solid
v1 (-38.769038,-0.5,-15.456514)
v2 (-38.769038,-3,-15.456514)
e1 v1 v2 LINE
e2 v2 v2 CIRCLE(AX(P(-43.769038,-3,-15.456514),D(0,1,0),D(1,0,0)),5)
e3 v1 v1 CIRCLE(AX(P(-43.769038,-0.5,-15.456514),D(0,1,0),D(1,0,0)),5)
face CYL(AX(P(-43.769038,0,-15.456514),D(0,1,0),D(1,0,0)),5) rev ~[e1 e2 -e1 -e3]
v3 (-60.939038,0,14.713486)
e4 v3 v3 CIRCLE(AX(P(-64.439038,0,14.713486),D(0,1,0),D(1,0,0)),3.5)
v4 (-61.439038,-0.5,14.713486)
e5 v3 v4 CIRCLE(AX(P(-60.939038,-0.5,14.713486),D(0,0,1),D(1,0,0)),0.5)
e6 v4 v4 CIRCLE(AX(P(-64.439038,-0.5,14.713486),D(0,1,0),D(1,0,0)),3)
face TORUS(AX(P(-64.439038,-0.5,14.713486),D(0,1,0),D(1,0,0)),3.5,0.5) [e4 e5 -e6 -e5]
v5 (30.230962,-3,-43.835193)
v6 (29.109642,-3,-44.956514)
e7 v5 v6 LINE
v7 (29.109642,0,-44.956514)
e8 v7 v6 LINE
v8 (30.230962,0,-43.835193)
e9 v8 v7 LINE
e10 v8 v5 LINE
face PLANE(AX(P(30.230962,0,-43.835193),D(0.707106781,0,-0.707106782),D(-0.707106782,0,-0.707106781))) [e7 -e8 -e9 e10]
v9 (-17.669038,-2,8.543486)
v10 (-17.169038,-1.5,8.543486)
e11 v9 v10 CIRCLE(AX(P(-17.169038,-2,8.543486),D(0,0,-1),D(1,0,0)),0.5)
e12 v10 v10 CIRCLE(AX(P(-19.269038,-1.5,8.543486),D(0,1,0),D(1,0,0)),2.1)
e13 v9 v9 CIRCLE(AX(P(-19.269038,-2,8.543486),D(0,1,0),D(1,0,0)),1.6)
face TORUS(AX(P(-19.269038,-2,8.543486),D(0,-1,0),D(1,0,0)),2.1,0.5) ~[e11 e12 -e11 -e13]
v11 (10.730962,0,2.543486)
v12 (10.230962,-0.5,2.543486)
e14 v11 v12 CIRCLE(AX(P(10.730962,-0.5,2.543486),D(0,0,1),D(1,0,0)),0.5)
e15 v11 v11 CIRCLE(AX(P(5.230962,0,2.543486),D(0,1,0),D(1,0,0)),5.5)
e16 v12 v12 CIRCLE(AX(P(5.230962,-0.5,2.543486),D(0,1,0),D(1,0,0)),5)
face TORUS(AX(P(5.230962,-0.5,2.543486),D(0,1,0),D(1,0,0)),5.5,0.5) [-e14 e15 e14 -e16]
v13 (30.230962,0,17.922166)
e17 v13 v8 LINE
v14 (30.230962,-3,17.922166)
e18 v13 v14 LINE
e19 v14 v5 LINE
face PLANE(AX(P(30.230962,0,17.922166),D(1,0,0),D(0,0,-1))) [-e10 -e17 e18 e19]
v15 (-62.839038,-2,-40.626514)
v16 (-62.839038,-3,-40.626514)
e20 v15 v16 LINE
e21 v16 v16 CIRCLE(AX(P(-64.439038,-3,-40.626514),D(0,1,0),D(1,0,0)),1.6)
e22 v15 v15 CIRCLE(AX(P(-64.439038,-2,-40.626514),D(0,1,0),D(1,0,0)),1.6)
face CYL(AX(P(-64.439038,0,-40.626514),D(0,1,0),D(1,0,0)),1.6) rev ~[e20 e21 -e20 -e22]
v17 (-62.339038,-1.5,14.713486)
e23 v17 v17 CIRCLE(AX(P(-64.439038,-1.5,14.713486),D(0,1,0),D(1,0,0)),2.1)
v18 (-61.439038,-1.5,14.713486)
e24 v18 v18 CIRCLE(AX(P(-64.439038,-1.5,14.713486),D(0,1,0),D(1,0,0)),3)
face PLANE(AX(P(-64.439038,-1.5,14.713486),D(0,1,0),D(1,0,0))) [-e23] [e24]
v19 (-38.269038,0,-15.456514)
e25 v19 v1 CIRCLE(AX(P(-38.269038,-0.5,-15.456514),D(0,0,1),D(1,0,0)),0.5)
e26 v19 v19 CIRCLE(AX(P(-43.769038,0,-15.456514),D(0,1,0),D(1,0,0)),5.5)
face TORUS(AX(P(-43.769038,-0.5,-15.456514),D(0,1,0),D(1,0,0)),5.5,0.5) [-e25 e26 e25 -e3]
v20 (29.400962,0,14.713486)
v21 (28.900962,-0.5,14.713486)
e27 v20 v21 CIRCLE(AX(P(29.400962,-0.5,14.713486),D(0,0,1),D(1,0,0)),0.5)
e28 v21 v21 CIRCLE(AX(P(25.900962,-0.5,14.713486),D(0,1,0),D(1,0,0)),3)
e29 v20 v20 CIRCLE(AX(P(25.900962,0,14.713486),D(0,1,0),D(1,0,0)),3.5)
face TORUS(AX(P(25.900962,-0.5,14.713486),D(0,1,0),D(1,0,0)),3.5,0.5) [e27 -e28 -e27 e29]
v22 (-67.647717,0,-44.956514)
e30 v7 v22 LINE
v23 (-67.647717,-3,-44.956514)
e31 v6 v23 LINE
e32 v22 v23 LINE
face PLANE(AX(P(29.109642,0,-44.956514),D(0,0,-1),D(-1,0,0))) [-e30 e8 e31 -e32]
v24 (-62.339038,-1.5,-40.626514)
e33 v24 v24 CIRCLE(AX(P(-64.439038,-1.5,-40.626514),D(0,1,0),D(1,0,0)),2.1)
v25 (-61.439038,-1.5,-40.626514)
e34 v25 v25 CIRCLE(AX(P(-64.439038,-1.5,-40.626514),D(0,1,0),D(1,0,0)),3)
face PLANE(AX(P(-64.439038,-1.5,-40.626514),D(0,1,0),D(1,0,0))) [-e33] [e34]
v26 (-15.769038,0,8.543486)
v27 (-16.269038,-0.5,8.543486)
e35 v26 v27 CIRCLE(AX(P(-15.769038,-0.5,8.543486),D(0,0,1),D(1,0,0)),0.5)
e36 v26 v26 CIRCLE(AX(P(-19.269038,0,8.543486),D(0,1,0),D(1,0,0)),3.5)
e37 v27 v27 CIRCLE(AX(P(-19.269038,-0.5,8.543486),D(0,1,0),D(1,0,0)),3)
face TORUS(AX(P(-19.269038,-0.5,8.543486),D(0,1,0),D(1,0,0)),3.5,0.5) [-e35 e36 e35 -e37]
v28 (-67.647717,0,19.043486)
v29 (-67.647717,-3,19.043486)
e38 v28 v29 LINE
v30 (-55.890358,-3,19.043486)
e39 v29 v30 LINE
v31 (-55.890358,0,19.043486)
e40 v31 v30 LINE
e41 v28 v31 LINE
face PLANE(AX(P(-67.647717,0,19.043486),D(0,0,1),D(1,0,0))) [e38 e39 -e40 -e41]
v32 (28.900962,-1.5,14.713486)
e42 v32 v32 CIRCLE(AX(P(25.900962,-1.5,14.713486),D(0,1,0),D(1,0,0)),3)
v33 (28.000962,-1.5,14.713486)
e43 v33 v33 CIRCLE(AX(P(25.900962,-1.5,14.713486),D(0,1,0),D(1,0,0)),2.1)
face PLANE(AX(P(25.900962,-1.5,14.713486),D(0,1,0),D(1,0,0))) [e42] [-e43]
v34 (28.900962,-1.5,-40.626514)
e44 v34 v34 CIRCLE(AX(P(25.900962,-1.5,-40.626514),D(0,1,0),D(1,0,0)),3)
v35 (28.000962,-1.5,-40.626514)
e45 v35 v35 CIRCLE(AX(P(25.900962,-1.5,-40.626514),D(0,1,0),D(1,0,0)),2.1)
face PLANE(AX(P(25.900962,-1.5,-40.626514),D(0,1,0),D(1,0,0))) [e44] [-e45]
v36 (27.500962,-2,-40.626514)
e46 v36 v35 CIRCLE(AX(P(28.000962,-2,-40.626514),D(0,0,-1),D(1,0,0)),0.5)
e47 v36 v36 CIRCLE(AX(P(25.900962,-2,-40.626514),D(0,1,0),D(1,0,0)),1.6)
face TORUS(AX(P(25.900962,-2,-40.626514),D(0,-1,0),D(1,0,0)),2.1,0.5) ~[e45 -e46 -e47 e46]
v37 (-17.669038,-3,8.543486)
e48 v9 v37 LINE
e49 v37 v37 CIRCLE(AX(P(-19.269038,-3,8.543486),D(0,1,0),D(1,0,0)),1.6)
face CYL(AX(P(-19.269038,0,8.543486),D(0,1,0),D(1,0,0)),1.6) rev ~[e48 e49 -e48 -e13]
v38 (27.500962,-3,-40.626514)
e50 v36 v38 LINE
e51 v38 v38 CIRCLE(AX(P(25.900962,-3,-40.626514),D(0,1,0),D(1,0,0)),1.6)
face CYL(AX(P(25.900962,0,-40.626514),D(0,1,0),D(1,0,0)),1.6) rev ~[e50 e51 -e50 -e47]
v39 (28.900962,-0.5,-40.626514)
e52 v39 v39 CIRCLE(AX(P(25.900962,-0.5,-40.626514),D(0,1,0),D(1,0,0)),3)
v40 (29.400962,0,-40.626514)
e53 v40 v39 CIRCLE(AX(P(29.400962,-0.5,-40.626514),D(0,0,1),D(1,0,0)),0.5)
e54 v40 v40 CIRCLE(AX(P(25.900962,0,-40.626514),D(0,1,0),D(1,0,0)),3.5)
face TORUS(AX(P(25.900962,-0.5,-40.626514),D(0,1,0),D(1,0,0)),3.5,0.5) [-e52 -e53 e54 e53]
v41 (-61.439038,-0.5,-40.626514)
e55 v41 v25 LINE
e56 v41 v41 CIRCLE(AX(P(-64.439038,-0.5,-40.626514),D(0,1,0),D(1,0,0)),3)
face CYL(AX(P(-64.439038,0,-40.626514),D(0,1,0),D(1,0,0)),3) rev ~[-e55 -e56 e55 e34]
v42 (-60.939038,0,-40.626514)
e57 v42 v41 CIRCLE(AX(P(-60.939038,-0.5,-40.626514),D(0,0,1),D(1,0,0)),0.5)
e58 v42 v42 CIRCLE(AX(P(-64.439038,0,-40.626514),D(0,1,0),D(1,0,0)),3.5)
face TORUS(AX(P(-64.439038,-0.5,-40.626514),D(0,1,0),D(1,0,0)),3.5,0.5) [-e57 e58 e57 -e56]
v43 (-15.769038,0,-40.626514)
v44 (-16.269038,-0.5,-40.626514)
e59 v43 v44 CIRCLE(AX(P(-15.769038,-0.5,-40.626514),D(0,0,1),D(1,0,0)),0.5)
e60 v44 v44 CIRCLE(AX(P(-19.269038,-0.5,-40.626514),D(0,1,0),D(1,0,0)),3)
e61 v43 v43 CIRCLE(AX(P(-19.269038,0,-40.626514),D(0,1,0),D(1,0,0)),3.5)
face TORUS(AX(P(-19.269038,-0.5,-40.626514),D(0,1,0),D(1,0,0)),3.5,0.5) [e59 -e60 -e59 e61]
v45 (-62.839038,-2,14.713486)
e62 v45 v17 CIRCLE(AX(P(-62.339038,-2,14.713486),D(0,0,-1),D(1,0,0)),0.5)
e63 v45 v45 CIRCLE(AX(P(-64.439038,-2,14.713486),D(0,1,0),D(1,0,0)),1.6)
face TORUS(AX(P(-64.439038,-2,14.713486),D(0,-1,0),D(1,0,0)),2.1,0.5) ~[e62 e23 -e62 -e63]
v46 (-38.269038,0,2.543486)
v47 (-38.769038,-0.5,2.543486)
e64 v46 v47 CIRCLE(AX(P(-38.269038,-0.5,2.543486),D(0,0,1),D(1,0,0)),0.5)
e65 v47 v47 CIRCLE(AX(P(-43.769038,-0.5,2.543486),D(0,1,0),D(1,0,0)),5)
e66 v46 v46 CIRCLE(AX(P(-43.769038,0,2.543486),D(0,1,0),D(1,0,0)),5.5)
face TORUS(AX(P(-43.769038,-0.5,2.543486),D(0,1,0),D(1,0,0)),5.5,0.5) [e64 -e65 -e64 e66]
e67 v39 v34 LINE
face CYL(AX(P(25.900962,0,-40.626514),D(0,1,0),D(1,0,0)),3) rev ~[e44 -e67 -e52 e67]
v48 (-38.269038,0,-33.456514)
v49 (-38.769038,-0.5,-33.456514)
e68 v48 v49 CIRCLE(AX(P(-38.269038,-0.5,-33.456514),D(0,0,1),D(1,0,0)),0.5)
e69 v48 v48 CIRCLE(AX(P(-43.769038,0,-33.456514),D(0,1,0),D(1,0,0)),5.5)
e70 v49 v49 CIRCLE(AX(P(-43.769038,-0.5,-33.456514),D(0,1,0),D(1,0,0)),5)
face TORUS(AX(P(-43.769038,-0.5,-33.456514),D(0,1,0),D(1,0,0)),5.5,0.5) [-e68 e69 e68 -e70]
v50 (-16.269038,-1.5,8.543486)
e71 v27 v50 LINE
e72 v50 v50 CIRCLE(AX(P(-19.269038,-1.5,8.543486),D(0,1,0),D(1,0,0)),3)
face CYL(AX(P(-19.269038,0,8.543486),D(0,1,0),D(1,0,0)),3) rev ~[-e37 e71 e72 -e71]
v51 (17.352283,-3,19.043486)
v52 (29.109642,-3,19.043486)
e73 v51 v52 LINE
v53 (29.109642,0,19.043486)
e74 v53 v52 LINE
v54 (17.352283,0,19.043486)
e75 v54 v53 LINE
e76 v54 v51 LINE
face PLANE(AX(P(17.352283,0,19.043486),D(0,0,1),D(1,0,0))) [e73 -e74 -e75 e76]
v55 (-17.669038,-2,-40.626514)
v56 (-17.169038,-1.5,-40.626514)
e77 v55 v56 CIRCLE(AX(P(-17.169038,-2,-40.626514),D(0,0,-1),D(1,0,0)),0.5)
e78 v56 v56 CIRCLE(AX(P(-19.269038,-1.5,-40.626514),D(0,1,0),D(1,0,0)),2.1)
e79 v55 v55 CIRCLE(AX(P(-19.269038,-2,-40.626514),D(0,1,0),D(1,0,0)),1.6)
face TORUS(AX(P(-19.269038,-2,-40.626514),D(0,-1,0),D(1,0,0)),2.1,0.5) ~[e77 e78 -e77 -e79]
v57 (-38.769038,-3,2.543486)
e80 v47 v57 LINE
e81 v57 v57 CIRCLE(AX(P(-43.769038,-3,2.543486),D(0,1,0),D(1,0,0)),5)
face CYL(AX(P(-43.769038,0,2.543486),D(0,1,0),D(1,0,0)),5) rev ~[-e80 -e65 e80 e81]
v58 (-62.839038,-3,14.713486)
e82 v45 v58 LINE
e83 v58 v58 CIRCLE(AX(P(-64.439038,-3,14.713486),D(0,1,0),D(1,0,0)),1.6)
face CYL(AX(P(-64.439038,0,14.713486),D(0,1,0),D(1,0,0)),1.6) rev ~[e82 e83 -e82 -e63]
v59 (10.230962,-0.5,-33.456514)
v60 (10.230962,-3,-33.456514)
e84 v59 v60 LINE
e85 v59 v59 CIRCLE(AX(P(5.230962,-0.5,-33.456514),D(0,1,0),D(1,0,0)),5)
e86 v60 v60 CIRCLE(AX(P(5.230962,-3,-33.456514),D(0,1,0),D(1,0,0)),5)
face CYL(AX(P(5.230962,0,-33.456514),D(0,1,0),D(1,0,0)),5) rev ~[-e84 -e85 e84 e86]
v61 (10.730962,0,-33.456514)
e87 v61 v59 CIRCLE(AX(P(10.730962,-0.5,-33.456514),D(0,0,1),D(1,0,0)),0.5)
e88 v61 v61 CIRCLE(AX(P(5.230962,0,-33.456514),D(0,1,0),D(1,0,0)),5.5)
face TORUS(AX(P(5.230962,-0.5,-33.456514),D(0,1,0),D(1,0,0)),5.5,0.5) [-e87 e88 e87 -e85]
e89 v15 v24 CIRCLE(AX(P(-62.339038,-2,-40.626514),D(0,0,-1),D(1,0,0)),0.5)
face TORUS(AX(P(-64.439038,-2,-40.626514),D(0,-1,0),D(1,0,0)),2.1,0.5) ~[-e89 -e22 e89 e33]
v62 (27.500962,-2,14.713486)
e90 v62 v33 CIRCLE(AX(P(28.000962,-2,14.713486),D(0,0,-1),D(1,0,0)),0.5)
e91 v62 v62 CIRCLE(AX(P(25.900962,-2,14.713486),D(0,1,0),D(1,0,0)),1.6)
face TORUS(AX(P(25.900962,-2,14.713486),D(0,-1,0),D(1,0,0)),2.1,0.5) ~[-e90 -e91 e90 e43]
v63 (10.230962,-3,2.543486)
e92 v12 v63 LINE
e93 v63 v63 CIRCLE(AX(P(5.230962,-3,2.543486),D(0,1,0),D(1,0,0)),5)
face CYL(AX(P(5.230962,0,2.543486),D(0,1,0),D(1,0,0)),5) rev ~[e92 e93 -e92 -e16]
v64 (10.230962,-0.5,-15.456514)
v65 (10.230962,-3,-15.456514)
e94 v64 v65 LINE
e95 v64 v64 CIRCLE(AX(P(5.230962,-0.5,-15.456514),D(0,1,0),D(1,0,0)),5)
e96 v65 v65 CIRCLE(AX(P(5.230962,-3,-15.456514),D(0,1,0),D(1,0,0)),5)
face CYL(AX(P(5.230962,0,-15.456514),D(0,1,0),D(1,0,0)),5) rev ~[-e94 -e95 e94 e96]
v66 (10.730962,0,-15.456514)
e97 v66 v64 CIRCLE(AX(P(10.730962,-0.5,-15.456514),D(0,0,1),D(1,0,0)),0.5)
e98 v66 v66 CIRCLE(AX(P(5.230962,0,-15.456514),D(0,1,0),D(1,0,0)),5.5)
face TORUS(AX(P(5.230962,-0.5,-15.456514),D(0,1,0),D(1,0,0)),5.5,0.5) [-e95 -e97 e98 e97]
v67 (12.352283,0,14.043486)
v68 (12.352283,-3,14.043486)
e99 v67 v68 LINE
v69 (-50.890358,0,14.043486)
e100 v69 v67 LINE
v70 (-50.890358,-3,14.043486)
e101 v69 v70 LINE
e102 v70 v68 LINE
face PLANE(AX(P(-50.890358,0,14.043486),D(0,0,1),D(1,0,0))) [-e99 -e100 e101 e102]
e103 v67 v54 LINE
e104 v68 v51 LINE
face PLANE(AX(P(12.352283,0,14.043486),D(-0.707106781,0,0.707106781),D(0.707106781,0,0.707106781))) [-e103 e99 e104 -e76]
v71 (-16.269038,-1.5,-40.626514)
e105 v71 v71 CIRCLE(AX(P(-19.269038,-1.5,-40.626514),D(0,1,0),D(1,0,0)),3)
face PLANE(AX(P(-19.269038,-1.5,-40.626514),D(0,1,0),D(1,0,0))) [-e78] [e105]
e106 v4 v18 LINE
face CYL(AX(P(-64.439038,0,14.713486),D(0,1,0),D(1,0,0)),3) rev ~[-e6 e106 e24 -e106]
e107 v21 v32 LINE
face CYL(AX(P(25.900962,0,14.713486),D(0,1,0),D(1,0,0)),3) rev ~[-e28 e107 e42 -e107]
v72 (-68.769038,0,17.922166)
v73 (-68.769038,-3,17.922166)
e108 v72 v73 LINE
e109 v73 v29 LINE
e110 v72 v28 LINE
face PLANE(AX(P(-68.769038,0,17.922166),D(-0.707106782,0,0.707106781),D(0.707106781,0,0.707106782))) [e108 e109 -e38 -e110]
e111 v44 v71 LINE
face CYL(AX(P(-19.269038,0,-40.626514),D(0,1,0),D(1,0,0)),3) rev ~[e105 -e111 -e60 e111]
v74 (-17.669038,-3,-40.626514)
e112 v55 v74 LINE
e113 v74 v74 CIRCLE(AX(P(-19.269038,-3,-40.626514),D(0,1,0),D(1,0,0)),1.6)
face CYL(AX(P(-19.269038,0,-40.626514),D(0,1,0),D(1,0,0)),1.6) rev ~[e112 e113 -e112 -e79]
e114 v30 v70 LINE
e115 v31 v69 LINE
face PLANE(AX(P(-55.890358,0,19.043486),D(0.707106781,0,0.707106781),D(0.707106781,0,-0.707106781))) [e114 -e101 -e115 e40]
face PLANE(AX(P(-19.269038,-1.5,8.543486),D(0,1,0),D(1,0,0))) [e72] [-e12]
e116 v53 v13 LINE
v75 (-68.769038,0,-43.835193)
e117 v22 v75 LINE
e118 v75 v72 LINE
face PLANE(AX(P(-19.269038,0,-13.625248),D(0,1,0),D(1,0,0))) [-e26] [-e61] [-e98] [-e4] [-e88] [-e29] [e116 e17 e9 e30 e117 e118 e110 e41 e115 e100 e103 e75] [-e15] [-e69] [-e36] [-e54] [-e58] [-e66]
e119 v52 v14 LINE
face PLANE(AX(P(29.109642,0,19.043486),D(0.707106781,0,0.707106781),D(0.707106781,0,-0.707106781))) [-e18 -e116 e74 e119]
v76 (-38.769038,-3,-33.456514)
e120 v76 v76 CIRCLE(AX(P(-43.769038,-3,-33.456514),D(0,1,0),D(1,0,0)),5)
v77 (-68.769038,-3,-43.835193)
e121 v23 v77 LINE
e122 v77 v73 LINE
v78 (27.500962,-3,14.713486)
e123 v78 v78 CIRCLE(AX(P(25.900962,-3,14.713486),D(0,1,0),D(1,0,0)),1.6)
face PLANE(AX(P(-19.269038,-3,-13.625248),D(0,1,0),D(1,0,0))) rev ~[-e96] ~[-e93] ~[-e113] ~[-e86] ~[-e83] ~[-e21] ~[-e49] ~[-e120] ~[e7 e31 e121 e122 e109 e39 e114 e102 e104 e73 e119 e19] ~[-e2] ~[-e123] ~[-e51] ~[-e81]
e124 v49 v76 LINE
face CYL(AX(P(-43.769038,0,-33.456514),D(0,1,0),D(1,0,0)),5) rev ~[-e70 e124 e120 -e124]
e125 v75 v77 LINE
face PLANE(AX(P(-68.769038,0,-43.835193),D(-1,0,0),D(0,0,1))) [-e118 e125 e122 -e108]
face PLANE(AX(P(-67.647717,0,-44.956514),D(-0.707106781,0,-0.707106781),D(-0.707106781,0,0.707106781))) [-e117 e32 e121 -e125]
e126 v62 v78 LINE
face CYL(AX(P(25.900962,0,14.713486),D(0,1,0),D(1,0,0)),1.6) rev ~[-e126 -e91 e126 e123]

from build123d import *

# Parameters (mm, degrees)
SKETCH3_R           = 1.6
SKETCH3_R_2         = 5
BOSS_EXTRUDE1_DEPTH = 3
SKETCH4_R           = 3
CUT_EXTRUDE1_DEPTH  = 1.5
FILLET1_R           = 0.5


with BuildPart() as part:
    # Sketch3 → Boss-Extrude1 (new body)
    with BuildSketch(Plane(origin=(0, 0, 0), x_dir=(1, 0, 0), z_dir=(0, 1, 0))):
        Polygon((17.352282825, -19.043486229), (29.109642138, -19.043486229), (30.230962482, -17.922165885), (30.230962482, 43.835193428), (29.109642138, 44.956513771), (-67.647717175, 44.956513771), (-68.769037518, 43.835193428), (-68.769037518, -17.922165885), (-67.647717175, -19.043486229), (-55.890357862, -19.043486229), (-50.890357862, -14.043486229), (12.352282825, -14.043486229), align=None)
        with Locations((-64.439037518, 40.626513771)):
            Circle(SKETCH3_R, mode=Mode.SUBTRACT)
        with Locations((-64.439037518, -14.713486229)):
            Circle(SKETCH3_R, mode=Mode.SUBTRACT)
        with Locations((25.900962482, 40.626513771)):
            Circle(SKETCH3_R, mode=Mode.SUBTRACT)
        with Locations((25.900962482, -14.713486229)):
            Circle(SKETCH3_R, mode=Mode.SUBTRACT)
        with Locations((-43.769037518, 33.456513771)):
            Circle(SKETCH3_R_2, mode=Mode.SUBTRACT)
        with Locations((-43.769037518, 15.456513771)):
            Circle(SKETCH3_R_2, mode=Mode.SUBTRACT)
        with Locations((-43.769037518, -2.543486229)):
            Circle(SKETCH3_R_2, mode=Mode.SUBTRACT)
        with Locations((5.230962482, -2.543486229)):
            Circle(SKETCH3_R_2, mode=Mode.SUBTRACT)
        with Locations((5.230962482, 15.456513771)):
            Circle(SKETCH3_R_2, mode=Mode.SUBTRACT)
        with Locations((5.230962482, 33.456513771)):
            Circle(SKETCH3_R_2, mode=Mode.SUBTRACT)
        with Locations((-19.269037518, 40.626513771)):
            Circle(SKETCH3_R, mode=Mode.SUBTRACT)
        with Locations((-19.269037518, -8.543486229)):
            Circle(SKETCH3_R, mode=Mode.SUBTRACT)
    extrude(amount=-BOSS_EXTRUDE1_DEPTH)

    # Sketch4 → Cut-Extrude1 (cut)
    with BuildSketch(Plane(origin=(0, 0, 0), x_dir=(1, 0, 0), z_dir=(0, 1, 0))):
        with Locations((-64.439037518, 40.626513771)):
            Circle(SKETCH4_R)
        with Locations((-64.439037518, -14.713486229)):
            Circle(SKETCH4_R)
        with Locations((25.900962482, 40.626513771)):
            Circle(SKETCH4_R)
        with Locations((25.900962482, -14.713486229)):
            Circle(SKETCH4_R)
        with Locations((-19.269037518, 40.626513771)):
            Circle(SKETCH4_R)
        with Locations((-19.269037518, -8.543486229)):
            Circle(SKETCH4_R)
    extrude(amount=-CUT_EXTRUDE1_DEPTH, mode=Mode.SUBTRACT)

    # Fillet1
    fillet1_edges = [part.edges().sort_by_distance(p)[0] for p in [
        (-67.439037518, 0, 14.713486229),
        (-66.039037518, -1.5, 14.713486229),
        (-22.269037518, 0, 8.543486229),
        (-20.869037518, -1.5, 8.543486229),
        (-67.439037518, 0, -40.626513771),
        (-66.039037518, -1.5, -40.626513771),
        (-48.769037518, 0, -33.456513771),
        (-48.769037518, 0, -15.456513771),
        (-48.769037518, 0, 2.543486229),
        (0.230962482, 0, 2.543486229),
        (0.230962482, 0, -15.456513771),
        (0.230962482, 0, -33.456513771),
        (-22.269037518, 0, -40.626513771),
        (-20.869037518, -1.5, -40.626513771),
        (22.900962482, 0, 14.713486229),
        (24.300962482, -1.5, 14.713486229),
        (22.900962482, 0, -40.626513771),
        (24.300962482, -1.5, -40.626513771),
    ]]
    fillet(fillet1_edges, radius=FILLET1_R)


solid = part.part
